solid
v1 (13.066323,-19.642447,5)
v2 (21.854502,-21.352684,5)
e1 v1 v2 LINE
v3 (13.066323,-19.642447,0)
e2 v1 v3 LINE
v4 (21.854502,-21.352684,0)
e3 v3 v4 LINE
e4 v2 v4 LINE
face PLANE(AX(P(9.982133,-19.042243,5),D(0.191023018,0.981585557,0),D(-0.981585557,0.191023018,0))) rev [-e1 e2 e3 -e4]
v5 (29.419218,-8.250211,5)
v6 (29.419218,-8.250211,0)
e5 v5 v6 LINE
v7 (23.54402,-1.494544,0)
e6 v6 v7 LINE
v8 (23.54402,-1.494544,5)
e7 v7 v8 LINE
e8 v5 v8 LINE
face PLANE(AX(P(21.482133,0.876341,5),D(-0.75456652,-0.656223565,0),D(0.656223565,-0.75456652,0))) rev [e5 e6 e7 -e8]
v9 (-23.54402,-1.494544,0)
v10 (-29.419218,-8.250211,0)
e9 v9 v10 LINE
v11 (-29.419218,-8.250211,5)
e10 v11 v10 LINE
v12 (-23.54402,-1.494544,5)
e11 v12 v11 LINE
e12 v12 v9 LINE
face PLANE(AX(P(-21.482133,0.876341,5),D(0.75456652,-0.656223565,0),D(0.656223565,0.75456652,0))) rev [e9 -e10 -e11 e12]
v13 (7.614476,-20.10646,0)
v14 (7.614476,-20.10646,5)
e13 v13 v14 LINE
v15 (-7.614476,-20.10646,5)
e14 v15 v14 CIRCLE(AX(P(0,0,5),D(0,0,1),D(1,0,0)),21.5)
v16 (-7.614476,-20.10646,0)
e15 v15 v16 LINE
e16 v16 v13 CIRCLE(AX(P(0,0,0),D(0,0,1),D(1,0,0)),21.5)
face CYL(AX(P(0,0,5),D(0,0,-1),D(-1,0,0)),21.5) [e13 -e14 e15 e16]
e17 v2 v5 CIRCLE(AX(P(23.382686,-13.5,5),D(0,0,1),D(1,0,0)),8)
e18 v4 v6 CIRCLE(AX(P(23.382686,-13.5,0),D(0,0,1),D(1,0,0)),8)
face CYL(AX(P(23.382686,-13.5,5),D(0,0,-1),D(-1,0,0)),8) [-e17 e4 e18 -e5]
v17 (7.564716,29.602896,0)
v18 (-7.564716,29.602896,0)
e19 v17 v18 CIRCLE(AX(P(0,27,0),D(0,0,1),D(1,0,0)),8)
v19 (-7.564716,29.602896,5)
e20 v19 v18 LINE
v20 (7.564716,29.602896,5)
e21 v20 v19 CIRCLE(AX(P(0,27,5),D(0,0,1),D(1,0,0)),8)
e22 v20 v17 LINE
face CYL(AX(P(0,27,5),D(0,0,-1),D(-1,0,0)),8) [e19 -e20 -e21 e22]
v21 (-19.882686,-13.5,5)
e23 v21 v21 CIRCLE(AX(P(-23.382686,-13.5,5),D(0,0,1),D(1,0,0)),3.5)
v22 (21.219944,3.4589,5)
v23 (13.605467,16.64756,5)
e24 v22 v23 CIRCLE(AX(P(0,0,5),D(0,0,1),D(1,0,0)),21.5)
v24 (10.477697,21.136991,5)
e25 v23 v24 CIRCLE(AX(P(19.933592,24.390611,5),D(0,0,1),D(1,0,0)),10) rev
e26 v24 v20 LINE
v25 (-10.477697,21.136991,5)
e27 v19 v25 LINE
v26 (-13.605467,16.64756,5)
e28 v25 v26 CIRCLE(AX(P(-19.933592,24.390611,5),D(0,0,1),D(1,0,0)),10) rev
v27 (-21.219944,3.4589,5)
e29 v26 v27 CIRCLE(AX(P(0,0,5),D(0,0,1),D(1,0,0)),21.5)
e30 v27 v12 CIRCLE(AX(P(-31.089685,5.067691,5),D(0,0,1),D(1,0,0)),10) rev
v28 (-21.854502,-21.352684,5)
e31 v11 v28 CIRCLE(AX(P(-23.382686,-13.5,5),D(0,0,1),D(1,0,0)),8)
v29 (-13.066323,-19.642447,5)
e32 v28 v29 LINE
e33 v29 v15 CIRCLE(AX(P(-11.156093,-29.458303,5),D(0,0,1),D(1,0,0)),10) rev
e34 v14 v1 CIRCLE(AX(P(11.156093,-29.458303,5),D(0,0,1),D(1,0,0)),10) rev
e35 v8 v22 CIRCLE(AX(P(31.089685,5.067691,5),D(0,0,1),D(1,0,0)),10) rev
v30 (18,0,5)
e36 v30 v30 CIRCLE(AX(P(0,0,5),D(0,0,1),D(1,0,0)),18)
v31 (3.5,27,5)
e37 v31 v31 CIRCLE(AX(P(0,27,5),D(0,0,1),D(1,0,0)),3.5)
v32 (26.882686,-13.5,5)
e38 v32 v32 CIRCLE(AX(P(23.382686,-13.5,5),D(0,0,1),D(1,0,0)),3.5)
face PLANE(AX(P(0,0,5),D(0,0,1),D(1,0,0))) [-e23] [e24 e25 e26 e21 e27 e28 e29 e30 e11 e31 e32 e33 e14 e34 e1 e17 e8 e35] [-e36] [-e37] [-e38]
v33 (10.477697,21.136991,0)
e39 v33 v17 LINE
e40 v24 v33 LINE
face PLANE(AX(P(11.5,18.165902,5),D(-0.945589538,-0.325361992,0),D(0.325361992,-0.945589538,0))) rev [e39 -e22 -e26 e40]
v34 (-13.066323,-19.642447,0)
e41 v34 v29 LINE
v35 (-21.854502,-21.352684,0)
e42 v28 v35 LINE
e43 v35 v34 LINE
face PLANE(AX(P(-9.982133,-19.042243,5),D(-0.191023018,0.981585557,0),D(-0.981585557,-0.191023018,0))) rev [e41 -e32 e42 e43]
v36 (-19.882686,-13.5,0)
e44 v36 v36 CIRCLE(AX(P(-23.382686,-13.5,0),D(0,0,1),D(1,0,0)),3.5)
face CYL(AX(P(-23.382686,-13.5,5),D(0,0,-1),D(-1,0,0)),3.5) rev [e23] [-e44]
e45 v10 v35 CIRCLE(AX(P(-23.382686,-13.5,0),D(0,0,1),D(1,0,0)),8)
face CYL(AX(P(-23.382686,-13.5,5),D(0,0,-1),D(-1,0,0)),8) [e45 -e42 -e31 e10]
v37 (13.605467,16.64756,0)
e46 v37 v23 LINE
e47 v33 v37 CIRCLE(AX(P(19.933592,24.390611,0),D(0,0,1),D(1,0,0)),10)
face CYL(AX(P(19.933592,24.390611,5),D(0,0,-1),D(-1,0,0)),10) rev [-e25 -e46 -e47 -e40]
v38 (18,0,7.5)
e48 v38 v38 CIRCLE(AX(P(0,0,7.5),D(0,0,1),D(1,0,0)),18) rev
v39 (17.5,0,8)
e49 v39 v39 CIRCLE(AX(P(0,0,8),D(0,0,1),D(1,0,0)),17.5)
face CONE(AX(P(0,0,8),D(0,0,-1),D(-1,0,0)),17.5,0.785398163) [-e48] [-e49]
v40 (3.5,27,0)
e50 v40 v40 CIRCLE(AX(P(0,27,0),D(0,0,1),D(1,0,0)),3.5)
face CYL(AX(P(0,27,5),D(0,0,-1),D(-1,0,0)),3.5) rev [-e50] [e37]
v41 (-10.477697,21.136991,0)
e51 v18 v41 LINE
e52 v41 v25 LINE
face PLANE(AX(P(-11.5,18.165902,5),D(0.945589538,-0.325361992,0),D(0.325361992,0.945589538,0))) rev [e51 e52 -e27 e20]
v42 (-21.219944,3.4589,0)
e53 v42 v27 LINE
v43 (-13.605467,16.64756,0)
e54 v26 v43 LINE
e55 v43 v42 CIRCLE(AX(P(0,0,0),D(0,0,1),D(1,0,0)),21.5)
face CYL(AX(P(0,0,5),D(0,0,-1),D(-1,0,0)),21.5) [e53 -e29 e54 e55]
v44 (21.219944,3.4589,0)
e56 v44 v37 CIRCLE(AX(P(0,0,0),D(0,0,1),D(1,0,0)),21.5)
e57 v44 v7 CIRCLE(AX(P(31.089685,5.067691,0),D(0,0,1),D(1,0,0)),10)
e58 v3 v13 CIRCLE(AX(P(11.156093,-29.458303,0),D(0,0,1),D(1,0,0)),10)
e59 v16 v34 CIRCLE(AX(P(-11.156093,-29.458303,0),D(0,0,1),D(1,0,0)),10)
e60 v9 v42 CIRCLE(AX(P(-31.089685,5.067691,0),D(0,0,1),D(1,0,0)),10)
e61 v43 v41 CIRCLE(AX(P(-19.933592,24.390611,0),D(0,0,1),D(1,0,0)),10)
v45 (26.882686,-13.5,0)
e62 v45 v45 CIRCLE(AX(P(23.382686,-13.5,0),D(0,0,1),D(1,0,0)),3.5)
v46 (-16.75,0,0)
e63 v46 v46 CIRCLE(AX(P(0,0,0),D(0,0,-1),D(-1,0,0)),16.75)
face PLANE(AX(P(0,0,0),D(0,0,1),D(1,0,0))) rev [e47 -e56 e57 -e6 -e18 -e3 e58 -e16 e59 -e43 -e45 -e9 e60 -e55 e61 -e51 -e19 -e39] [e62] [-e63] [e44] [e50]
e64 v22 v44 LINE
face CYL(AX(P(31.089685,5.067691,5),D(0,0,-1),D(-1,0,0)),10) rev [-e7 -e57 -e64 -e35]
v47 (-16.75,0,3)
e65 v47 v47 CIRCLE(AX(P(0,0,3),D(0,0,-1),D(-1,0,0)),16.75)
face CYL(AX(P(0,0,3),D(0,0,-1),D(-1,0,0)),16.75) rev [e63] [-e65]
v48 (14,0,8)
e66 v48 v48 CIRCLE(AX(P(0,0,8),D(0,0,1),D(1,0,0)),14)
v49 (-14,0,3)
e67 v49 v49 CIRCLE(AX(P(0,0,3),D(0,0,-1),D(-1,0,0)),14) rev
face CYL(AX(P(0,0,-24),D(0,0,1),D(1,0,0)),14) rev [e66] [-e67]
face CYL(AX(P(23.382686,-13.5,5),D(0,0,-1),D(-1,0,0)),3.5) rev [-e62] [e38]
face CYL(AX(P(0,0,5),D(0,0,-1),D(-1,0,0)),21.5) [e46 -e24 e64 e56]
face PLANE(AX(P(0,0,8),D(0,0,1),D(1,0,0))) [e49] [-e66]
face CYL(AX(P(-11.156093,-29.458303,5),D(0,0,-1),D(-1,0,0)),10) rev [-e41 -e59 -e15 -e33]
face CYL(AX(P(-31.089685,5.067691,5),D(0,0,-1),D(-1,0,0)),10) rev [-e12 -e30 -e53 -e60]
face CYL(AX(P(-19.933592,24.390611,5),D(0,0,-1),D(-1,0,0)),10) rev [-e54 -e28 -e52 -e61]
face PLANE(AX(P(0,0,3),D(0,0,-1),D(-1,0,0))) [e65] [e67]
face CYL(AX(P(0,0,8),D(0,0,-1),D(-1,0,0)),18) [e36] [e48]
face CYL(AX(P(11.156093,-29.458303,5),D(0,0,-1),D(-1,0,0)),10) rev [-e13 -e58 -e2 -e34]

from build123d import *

# Parameters (mm, degrees)
SKETCH_1_R          = 3.5
EXTRUDE_1_DEPTH     = 5
FILLET_1_R          = 10
SKETCH_2_R          = 18
EXTRUDE_2_DEPTH     = 3
SKETCH_3_R          = 14
CUT_EXTRUDE_1_DEPTH = 32
SKETCH_4_R          = 16.75
CUT_EXTRUDE_2_DEPTH = 3
CHAMFER_1_SIZE      = 0.5


with BuildPart() as part:
    # 草图1 → 凸台-拉伸1 (new body)
    with BuildSketch(Plane.XY):
        with BuildLine():
            Line((-11.5, 18.165902125), (-7.564716302, 29.602895938))
            ThreePointArc((-7.564716302, 29.602895938), (0, 35), (7.564716302, 29.602895938))
            Line((7.564716302, 29.602895938), (11.5, 18.165902125))
            ThreePointArc((11.5, 18.165902125), (18.619546181, 10.75), (21.482132723, 0.876341081))
            Line((21.482132723, 0.876341081), (29.419218059, -8.250211479))
            ThreePointArc((29.419218059, -8.250211479), (30.310889132, -17.5), (21.854501757, -21.352684459))
            Line((21.854501757, -21.352684459), (9.982132723, -19.042243206))
            ThreePointArc((9.982132723, -19.042243206), (0, -21.5), (-9.982132723, -19.042243206))
            Line((-9.982132723, -19.042243206), (-21.854501757, -21.352684459))
            ThreePointArc((-21.854501757, -21.352684459), (-30.310889132, -17.5), (-29.419218059, -8.250211479))
            Line((-29.419218059, -8.250211479), (-21.482132723, 0.876341081))
            ThreePointArc((-21.482132723, 0.876341081), (-18.619546181, 10.75), (-11.5, 18.165902125))
        make_face()
        with Locations((0, 27)):
            Circle(SKETCH_1_R, mode=Mode.SUBTRACT)
        with Locations((23.382685902, -13.5)):
            Circle(SKETCH_1_R, mode=Mode.SUBTRACT)
        with Locations((-23.382685902, -13.5)):
            Circle(SKETCH_1_R, mode=Mode.SUBTRACT)
    extrude(amount=EXTRUDE_1_DEPTH)

    # 圆角1
    fillet_1_edges = [part.edges().sort_by_distance(p)[0] for p in [
        (21.482132723, 0.876341081, 2.5),
        (9.982132723, -19.042243206, 2.5),
        (-9.982132723, -19.042243206, 2.5),
        (-21.482132723, 0.876341081, 2.5),
        (-11.5, 18.165902125, 2.5),
        (11.5, 18.165902125, 2.5),
    ]]
    fillet(fillet_1_edges, radius=FILLET_1_R)

    # 草图2 → 凸台-拉伸2 (add)
    with BuildSketch(Plane.XY.offset(5)):
        Circle(SKETCH_2_R)
    extrude(amount=EXTRUDE_2_DEPTH)

    # 草图3 → 切除-拉伸1 (cut)
    with BuildSketch(Plane.XY.offset(8)):
        Circle(SKETCH_3_R)
    extrude(amount=-CUT_EXTRUDE_1_DEPTH, mode=Mode.SUBTRACT)

    # 草图4 → 切除-拉伸2 (cut)
    with BuildSketch(Plane(origin=(0, 0, 0), x_dir=(-1, 0, 0), z_dir=(0, 0, -1))):
        Circle(SKETCH_4_R)
    extrude(amount=-CUT_EXTRUDE_2_DEPTH, mode=Mode.SUBTRACT)

    # 倒角1
    chamfer_1_edges = [part.edges().sort_by_distance(p)[0] for p in [
        (-18, 0, 8),
    ]]
    chamfer(chamfer_1_edges, length=CHAMFER_1_SIZE)


solid = part.part
